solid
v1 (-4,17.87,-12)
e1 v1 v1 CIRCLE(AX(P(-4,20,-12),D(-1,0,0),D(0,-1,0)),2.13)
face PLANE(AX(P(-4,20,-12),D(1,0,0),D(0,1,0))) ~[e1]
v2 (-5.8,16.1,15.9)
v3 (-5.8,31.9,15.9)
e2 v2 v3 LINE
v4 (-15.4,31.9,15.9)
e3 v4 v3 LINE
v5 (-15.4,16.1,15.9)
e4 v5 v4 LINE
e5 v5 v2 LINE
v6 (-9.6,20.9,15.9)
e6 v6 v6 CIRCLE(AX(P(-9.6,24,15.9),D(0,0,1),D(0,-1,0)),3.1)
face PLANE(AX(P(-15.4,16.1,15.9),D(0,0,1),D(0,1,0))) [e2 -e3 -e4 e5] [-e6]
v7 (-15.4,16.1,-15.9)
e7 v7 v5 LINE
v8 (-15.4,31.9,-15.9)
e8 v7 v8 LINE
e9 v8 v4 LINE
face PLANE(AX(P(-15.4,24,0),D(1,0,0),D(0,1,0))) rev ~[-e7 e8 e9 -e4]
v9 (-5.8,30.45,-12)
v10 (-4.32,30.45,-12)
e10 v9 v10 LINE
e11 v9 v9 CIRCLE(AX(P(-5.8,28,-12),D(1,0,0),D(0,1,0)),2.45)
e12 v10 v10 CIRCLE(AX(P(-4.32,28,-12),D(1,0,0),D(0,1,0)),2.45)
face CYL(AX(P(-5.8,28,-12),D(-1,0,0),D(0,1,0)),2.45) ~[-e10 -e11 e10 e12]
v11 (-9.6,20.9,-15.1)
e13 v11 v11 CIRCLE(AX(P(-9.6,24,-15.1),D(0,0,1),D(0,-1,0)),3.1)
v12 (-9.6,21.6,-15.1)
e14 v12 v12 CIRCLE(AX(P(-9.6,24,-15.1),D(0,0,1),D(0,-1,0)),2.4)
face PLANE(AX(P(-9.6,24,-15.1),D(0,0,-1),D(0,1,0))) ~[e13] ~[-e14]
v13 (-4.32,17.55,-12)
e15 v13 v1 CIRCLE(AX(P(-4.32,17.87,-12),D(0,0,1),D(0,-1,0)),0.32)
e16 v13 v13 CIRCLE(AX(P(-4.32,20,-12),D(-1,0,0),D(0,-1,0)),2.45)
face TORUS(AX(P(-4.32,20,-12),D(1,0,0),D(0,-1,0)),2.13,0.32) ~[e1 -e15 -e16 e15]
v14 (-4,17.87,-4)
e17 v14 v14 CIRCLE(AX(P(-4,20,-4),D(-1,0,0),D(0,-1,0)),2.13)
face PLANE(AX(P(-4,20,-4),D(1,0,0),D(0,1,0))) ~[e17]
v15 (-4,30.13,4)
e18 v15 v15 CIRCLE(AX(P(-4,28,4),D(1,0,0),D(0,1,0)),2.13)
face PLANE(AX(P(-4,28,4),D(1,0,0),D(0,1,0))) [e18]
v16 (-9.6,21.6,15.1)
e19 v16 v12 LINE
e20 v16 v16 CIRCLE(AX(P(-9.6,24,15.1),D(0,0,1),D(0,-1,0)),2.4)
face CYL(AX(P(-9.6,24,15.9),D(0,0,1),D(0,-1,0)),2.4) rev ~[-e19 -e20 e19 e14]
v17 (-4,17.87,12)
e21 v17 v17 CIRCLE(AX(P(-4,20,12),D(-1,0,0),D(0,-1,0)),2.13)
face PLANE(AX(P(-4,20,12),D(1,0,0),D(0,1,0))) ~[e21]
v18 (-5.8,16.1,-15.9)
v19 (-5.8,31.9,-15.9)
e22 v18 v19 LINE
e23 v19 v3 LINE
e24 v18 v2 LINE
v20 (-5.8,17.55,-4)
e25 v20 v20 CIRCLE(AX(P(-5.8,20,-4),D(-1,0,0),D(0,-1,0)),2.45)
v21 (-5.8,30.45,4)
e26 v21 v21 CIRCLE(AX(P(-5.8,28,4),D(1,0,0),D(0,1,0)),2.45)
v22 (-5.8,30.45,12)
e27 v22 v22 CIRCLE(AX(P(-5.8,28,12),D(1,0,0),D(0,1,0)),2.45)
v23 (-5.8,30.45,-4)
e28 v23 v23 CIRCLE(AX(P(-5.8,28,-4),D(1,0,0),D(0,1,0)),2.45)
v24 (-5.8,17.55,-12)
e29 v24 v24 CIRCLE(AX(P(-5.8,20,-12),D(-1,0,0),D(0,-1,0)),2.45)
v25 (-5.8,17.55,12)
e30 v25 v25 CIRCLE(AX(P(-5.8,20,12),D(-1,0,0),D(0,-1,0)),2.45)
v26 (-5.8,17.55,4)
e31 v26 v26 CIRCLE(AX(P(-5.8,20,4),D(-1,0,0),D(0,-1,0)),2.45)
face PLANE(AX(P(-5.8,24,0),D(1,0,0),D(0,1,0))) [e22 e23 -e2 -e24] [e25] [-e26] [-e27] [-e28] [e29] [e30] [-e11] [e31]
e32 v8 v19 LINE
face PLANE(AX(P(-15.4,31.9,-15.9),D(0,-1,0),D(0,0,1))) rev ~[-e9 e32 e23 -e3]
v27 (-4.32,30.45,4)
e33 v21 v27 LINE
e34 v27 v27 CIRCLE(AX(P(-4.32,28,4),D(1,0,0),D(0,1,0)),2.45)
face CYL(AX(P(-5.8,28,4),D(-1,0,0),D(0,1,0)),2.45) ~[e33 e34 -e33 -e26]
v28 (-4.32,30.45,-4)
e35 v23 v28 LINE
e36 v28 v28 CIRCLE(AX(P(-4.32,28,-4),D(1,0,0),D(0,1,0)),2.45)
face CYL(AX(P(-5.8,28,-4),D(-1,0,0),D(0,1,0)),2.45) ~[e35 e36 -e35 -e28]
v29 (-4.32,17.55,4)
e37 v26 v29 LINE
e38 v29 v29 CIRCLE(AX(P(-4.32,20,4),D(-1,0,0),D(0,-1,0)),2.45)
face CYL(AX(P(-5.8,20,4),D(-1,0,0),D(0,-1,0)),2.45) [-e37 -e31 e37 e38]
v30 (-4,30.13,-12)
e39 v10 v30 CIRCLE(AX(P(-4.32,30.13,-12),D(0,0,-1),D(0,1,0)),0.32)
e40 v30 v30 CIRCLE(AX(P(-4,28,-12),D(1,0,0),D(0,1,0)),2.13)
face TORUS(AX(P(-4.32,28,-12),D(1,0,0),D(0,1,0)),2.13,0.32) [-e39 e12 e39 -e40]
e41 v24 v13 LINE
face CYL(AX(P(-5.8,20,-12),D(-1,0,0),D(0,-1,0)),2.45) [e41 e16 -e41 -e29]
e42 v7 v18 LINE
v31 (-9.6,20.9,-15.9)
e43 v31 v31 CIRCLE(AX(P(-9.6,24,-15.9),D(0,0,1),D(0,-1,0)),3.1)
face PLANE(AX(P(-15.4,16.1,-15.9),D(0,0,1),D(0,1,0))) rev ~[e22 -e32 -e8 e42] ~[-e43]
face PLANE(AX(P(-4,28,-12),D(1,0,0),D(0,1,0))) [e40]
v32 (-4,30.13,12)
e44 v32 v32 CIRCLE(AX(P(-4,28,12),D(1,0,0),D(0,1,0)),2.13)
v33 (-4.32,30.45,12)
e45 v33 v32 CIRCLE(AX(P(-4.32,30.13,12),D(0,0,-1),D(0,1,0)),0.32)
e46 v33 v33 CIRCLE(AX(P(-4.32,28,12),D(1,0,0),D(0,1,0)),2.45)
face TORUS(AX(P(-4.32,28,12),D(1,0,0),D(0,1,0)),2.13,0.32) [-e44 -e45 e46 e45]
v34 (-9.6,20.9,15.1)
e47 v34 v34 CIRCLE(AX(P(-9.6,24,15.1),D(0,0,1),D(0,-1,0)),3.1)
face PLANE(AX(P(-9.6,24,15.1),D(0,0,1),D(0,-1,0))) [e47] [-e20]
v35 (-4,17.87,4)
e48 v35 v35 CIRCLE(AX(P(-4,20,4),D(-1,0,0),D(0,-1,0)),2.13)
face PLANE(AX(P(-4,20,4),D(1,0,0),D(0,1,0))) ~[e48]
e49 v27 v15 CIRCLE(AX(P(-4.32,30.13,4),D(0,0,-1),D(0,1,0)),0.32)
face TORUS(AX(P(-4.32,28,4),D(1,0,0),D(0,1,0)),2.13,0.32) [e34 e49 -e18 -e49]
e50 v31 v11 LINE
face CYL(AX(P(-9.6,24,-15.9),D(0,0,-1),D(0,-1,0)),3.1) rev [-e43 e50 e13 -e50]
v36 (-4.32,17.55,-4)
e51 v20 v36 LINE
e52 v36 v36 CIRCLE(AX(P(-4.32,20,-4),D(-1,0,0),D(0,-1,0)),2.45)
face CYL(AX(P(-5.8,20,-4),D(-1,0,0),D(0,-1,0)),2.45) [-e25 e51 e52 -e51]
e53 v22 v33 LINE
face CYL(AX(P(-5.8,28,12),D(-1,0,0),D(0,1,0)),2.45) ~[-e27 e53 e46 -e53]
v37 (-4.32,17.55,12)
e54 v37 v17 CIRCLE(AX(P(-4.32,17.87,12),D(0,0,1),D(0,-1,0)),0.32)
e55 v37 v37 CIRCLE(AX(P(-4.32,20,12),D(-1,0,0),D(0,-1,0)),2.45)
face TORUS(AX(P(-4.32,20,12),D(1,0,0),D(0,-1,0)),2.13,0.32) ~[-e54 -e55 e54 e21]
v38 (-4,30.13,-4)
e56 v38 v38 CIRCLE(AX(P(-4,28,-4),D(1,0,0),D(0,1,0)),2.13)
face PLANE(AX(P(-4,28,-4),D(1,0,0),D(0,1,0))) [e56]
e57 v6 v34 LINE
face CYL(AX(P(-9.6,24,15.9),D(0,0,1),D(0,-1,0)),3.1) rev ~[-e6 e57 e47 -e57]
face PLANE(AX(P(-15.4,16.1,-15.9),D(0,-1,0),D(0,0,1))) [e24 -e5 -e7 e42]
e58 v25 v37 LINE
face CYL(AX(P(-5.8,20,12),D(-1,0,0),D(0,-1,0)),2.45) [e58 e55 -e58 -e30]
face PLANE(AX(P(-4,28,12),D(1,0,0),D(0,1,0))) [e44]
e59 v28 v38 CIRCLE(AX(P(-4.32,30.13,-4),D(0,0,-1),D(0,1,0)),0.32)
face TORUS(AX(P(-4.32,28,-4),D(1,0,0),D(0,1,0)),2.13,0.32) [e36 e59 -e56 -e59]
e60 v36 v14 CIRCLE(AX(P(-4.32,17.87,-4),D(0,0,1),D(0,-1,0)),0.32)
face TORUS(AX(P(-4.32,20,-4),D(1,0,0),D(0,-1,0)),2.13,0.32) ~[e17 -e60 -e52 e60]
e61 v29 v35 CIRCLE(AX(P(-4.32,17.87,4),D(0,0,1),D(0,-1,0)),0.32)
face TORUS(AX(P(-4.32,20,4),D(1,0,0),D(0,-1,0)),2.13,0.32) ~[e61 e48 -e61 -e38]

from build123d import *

# Parameters (mm, degrees)
SKETCH029_W                     = 15.8
SKETCH029_H                     = 31.8
PAD017_DEPTH                    = 9.6
SKETCH031_R                     = 2.4
POCKET011_DEPTH                 = 31.8
SKETCH030_R                     = 3.1
POCKET012_DEPTH                 = 0.8
SKETCH032_R                     = 2.45
PAD018_DEPTH                    = 1.8
SKETCH032_LINEARPATTERN010_2_R  = 2.45
PAD018_LINEARPATTERN010_2_DEPTH = 1.8
SKETCH032_LINEARPATTERN010_3_R  = 2.45
PAD018_LINEARPATTERN010_3_DEPTH = 1.8
SKETCH032_LINEARPATTERN010_4_R  = 2.45
PAD018_LINEARPATTERN010_4_DEPTH = 1.8
FILLET010_R                     = 0.32


with BuildPart() as part:
    # Sketch029 → Pad017 (new body)
    with BuildSketch(Plane.YZ):
        Rectangle(SKETCH029_W, SKETCH029_H)
    extrude(amount=PAD017_DEPTH)

    # Sketch031 (on Face1 of Pad017) → Pocket011 (cut)
    with BuildSketch(Plane(origin=(0, 0, 15.9), x_dir=(0, -1, 0), z_dir=(0, 0, 1))):
        with Locations((0, 5.8)):
            Circle(SKETCH031_R)
    extrude(amount=-POCKET011_DEPTH, mode=Mode.SUBTRACT)

    # Sketch030 (on Face1 of Pocket011) → Pocket012 (cut)
    with BuildSketch(Plane(origin=(0, 0, 15.9), x_dir=(0, -1, 0), z_dir=(0, 0, 1))):
        with Locations((0, 5.8)):
            Circle(SKETCH030_R)
    pocket012 = extrude(amount=-POCKET012_DEPTH, mode=Mode.SUBTRACT)

    # Mirrored007: Pocket012 across XY
    add(pocket012.mirror(Plane.XY), mode=Mode.SUBTRACT)

    # Sketch032 (on Face4 of Mirrored007) → Pad018 (join)
    with BuildSketch(Plane.YZ.offset(9.6)):
        with Locations((4, 12)):
            Circle(SKETCH032_R)
    pad018 = extrude(amount=PAD018_DEPTH)

    # Sketch032 LinearPattern010 2 → Pad018 LinearPattern010 2 (add)
    with BuildSketch(Plane(origin=(9.6, 0, -8), x_dir=(0, 1, 0), z_dir=(1, 0, 0))):
        with Locations((4, 12)):
            Circle(SKETCH032_LINEARPATTERN010_2_R)
    pad018_linearpattern010_2 = extrude(amount=PAD018_LINEARPATTERN010_2_DEPTH)

    # Sketch032 LinearPattern010 3 → Pad018 LinearPattern010 3 (add)
    with BuildSketch(Plane(origin=(9.6, 0, -16), x_dir=(0, 1, 0), z_dir=(1, 0, 0))):
        with Locations((4, 12)):
            Circle(SKETCH032_LINEARPATTERN010_3_R)
    pad018_linearpattern010_3 = extrude(amount=PAD018_LINEARPATTERN010_3_DEPTH)

    # Sketch032 LinearPattern010 4 → Pad018 LinearPattern010 4 (add)
    with BuildSketch(Plane(origin=(9.6, 0, -24), x_dir=(0, 1, 0), z_dir=(1, 0, 0))):
        with Locations((4, 12)):
            Circle(SKETCH032_LINEARPATTERN010_4_R)
    pad018_linearpattern010_4 = extrude(amount=PAD018_LINEARPATTERN010_4_DEPTH)

    # Mirrored006: Pad018, Pad018 LinearPattern010 2, Pad018 LinearPattern010 3, Pad018 LinearPattern010 4 across XZ
    add(pad018.mirror(Plane.XZ))
    add(pad018_linearpattern010_2.mirror(Plane.XZ))
    add(pad018_linearpattern010_3.mirror(Plane.XZ))
    add(pad018_linearpattern010_4.mirror(Plane.XZ))

    # Fillet010
    fillet010_edges = [part.edges().sort_by_distance(p)[0] for p in [
        (11.4, -1.55, -12),
        (11.4, 1.55, -12),
        (11.4, 1.55, -4),
        (11.4, -1.55, -4),
        (11.4, -1.55, 4),
        (11.4, 1.55, 4),
        (11.4, 1.55, 12),
        (11.4, -1.55, 12),
    ]]
    fillet(fillet010_edges, radius=FILLET010_R)


with BuildPart() as part_1:
    # Body007 placement: moved
    add(part.part.moved(Location((-15.4, 24, 0))))


solid = part_1.part
